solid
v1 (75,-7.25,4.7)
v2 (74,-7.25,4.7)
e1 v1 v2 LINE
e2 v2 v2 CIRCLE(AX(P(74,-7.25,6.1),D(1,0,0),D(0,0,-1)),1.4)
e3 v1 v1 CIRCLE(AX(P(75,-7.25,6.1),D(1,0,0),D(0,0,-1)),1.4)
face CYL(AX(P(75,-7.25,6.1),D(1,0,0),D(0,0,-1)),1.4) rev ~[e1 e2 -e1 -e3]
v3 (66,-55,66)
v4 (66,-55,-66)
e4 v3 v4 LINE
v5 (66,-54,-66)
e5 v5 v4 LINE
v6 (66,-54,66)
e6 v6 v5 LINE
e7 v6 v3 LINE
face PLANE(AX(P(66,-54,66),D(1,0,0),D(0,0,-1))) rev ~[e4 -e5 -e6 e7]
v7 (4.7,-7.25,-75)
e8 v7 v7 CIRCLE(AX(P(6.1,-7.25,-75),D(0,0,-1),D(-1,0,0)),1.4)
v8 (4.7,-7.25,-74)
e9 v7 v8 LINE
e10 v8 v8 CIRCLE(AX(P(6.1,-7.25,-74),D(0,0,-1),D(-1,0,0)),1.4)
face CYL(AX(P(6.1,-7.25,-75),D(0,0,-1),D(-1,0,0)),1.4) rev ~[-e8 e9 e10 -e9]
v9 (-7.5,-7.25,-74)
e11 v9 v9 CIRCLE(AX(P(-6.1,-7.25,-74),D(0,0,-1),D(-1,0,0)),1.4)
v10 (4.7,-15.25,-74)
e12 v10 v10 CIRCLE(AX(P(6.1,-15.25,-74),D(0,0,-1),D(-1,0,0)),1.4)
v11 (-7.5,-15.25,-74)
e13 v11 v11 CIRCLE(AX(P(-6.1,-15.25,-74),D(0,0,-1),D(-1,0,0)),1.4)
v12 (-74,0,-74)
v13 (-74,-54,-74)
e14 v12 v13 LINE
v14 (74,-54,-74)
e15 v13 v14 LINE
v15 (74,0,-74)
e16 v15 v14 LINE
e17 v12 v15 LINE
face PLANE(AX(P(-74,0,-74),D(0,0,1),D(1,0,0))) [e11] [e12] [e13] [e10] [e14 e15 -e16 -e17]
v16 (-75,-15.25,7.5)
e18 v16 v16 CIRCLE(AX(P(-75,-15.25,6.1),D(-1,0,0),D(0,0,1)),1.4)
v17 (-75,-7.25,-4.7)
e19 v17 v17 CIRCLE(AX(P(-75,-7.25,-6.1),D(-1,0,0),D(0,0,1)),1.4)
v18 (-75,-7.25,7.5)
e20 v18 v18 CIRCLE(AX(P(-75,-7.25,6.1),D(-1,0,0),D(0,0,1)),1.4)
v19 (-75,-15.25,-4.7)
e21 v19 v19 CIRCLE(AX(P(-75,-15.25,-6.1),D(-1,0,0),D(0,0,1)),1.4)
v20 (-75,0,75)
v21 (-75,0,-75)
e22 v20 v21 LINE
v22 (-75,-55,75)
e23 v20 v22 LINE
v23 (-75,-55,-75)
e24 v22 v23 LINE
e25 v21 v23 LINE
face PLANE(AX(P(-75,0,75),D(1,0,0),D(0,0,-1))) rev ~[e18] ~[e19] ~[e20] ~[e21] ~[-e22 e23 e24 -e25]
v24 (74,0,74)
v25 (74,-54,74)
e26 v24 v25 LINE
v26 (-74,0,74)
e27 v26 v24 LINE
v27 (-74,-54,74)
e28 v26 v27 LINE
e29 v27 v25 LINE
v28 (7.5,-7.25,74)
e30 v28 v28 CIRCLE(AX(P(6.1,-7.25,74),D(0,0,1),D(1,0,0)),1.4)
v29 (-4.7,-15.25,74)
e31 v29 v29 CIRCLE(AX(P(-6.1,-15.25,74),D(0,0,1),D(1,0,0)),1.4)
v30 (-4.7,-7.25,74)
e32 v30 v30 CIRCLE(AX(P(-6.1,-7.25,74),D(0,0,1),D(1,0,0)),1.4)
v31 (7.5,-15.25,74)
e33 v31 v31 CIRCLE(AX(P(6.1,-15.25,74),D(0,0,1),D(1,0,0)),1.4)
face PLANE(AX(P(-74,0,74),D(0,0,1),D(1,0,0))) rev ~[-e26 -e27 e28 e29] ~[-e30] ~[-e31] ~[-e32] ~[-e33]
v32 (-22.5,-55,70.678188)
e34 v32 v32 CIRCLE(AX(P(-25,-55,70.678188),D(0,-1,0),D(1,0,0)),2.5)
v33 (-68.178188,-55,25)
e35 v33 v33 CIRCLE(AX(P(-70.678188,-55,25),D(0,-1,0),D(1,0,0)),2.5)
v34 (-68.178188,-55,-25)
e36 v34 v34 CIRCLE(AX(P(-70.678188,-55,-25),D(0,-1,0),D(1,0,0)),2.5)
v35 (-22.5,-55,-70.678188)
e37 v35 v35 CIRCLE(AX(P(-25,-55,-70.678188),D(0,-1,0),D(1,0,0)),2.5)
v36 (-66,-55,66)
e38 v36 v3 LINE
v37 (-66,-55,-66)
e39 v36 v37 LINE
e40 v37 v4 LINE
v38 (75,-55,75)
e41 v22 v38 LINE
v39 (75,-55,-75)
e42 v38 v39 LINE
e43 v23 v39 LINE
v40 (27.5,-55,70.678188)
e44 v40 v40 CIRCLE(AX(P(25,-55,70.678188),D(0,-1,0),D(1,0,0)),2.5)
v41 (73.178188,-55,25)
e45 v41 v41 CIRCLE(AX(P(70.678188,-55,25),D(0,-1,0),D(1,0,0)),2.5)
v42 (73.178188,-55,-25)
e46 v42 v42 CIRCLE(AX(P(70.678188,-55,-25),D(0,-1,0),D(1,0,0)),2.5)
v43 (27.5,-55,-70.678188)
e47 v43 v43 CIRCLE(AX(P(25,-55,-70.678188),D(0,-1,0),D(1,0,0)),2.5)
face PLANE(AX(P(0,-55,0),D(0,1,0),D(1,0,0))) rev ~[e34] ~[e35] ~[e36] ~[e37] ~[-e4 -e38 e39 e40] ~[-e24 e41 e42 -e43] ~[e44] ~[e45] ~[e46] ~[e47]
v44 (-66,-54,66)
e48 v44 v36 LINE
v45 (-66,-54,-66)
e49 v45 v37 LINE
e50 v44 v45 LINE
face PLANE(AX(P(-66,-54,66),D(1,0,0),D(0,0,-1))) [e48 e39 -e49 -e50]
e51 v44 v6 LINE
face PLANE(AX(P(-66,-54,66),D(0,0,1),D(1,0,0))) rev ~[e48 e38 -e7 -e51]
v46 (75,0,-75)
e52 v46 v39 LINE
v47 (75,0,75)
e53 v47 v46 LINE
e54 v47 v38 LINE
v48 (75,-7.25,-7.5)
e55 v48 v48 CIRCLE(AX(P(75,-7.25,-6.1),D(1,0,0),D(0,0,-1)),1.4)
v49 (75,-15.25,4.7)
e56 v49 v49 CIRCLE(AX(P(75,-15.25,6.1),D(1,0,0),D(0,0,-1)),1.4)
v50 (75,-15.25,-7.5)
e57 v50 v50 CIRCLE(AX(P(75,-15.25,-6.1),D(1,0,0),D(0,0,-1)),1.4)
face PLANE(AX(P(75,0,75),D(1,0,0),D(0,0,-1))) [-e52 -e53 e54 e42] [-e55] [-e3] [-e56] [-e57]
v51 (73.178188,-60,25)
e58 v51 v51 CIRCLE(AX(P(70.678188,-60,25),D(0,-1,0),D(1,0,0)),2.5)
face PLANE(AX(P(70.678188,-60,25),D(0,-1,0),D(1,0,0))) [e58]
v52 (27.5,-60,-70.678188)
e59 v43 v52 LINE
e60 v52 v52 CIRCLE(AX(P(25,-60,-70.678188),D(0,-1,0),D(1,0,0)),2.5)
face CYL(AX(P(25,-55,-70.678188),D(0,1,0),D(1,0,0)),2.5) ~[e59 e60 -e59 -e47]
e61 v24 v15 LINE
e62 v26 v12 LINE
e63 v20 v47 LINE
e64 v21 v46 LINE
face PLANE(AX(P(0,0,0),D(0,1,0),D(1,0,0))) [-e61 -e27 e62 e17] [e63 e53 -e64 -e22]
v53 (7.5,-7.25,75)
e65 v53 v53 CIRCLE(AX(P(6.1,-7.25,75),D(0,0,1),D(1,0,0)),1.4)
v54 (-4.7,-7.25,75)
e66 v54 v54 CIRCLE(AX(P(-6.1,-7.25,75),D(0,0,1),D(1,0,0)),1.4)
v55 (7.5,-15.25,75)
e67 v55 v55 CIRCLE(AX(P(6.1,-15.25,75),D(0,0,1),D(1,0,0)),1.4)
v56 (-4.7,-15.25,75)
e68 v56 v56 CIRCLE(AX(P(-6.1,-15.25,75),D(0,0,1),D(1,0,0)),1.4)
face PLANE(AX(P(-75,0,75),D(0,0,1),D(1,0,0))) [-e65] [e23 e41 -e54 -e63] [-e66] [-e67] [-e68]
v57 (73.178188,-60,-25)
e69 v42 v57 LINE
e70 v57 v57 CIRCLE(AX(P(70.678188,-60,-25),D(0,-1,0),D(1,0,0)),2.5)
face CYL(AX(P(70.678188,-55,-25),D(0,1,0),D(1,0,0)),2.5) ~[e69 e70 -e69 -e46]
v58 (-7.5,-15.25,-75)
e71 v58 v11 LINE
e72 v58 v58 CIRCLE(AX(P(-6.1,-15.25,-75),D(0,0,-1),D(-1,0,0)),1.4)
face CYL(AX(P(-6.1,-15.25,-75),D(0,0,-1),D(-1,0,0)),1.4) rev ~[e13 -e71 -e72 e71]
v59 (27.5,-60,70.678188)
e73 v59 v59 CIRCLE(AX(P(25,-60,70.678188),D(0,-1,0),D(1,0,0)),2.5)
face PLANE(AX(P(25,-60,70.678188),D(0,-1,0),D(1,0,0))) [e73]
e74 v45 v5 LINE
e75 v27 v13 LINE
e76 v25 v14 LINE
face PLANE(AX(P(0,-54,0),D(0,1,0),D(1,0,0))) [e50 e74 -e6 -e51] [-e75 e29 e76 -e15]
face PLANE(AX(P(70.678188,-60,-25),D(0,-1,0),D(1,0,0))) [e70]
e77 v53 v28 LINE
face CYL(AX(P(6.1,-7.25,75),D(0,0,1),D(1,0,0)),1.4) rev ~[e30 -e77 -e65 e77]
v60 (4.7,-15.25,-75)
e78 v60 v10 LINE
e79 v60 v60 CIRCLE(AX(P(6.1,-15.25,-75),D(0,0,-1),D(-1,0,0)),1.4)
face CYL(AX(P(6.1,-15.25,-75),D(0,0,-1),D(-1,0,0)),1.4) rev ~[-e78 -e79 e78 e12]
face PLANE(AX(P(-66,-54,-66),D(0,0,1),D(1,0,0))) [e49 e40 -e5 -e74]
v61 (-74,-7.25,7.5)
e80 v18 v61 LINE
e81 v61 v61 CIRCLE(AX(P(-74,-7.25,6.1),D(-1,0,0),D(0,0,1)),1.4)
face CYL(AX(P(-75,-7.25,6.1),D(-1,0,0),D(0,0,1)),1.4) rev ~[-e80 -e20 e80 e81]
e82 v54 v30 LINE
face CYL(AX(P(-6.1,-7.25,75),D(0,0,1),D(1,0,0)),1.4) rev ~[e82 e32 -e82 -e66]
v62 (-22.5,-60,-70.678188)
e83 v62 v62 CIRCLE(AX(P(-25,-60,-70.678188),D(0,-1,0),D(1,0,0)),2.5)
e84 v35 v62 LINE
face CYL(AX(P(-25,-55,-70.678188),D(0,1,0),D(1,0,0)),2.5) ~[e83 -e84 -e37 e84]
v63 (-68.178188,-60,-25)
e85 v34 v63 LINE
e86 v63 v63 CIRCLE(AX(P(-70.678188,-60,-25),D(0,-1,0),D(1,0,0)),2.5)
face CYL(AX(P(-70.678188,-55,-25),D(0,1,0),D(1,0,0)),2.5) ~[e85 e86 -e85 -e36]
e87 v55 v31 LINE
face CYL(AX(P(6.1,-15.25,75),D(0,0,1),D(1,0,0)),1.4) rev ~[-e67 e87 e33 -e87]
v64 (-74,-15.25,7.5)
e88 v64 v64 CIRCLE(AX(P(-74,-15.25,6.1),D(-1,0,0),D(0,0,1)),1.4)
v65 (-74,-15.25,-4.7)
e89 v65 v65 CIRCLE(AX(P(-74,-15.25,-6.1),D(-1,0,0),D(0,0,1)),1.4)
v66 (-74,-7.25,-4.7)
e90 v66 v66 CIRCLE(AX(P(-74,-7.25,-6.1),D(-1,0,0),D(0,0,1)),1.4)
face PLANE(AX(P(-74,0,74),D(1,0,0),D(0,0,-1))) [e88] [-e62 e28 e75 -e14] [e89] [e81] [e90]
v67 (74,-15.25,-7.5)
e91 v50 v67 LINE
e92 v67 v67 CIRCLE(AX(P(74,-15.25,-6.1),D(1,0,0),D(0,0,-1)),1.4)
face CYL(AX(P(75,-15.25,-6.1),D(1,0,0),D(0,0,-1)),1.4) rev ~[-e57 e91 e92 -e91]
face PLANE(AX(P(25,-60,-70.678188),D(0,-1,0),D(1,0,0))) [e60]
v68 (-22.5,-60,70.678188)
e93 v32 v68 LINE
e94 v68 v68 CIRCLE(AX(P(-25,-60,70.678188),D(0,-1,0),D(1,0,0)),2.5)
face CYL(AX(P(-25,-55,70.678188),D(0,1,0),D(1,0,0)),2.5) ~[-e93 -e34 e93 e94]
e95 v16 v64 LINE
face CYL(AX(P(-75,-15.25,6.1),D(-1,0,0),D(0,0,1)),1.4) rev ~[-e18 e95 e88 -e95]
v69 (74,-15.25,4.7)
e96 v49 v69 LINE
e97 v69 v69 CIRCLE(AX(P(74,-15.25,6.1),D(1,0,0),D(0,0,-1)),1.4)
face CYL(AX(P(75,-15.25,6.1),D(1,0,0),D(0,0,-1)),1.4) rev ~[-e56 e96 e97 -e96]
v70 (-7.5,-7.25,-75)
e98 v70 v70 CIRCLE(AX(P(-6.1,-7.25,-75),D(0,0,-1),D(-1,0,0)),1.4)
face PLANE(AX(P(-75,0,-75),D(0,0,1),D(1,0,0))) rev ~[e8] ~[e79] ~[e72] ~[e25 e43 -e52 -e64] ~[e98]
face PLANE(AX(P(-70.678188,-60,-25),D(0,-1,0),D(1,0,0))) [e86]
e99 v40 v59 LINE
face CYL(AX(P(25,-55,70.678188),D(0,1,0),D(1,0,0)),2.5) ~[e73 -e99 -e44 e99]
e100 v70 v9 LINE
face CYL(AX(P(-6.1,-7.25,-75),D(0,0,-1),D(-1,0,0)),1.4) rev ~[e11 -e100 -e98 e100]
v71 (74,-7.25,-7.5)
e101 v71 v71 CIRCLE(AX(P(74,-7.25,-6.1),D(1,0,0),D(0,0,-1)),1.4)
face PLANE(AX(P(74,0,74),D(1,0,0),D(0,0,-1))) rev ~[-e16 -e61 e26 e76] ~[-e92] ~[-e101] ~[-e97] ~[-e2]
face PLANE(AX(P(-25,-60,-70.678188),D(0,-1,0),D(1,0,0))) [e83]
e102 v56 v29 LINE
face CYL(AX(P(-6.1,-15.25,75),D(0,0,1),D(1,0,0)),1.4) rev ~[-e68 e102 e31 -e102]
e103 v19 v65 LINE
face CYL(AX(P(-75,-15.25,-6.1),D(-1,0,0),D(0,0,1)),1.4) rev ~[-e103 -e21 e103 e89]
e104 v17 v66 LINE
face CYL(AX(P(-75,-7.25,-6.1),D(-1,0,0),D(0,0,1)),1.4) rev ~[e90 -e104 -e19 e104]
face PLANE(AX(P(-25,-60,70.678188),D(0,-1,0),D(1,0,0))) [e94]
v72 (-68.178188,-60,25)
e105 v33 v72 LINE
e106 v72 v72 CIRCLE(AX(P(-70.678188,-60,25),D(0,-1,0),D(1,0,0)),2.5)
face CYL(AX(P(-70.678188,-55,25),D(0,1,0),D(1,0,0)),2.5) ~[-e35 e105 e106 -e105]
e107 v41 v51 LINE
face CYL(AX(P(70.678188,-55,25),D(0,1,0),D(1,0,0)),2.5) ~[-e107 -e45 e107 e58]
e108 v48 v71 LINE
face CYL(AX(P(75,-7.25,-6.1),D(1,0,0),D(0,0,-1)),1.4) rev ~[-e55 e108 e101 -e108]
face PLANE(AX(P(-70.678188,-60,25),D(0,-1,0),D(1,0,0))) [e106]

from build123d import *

# Parameters (mm, degrees)
SKETCH1_W           = 150
SKETCH1_H           = 150
BOSS_EXTRUDE1_DEPTH = 55
SKETCH2_W           = 148
SKETCH2_H           = 148
CUT_EXTRUDE1_DEPTH  = 54
SKETCH3_W           = 132
SKETCH3_H           = 132
CUT_EXTRUDE2_DEPTH  = 2
SKETCH6_R           = 2.5
BOSS_EXTRUDE5_DEPTH = 5
SKETCH9_R           = 1.4
CUT_EXTRUDE4_DEPTH  = 10
CIRPATTERN1_COUNT   = 4


with BuildPart() as part:
    # Sketch1 → Boss-Extrude1 (new body)
    with BuildSketch(Plane(origin=(0, 0, 0), x_dir=(1, 0, 0), z_dir=(0, 1, 0))):
        Rectangle(SKETCH1_W, SKETCH1_H)
    extrude(amount=-BOSS_EXTRUDE1_DEPTH)

    # Sketch2 → Cut-Extrude1 (cut)
    with BuildSketch(Plane(origin=(0, 0, 0), x_dir=(1, 0, 0), z_dir=(0, 1, 0))):
        Rectangle(SKETCH2_W, SKETCH2_H)
    extrude(amount=-CUT_EXTRUDE1_DEPTH, mode=Mode.SUBTRACT)

    # Sketch3 → Cut-Extrude2 (cut, through all)
    with BuildSketch(Plane(origin=(0, -54, 0), x_dir=(1, 0, 0), z_dir=(0, 1, 0))):
        Rectangle(SKETCH3_W, SKETCH3_H)
    extrude(amount=-CUT_EXTRUDE2_DEPTH, mode=Mode.SUBTRACT)

    # Sketch6 → Boss-Extrude5 (add)
    with BuildSketch(Plane.XZ.offset(55)):
        with Locations((-70.678187872, -25)):
            Circle(SKETCH6_R)
        with Locations((-70.678187872, 25)):
            Circle(SKETCH6_R)
        with Locations((25, 70.678187872)):
            Circle(SKETCH6_R)
        with Locations((-25, 70.678187872)):
            Circle(SKETCH6_R)
        with Locations((70.678187872, -25)):
            Circle(SKETCH6_R)
        with Locations((70.678187872, 25)):
            Circle(SKETCH6_R)
        with Locations((-25, -70.678187872)):
            Circle(SKETCH6_R)
        with Locations((25, -70.678187872)):
            Circle(SKETCH6_R)
    extrude(amount=BOSS_EXTRUDE5_DEPTH)

    # Sketch9 → Cut-Extrude4 (cut)
    with BuildSketch(Plane.ZY.offset(75)):
        with Locations((-6.1, -7.25)):
            Circle(SKETCH9_R)
        with Locations((6.1, -7.25)):
            Circle(SKETCH9_R)
        with Locations((6.1, -15.25)):
            Circle(SKETCH9_R)
        with Locations((-6.1, -15.25)):
            Circle(SKETCH9_R)
    cut_extrude4 = extrude(amount=-CUT_EXTRUDE4_DEPTH, mode=Mode.SUBTRACT)

    # CirPattern1: Cut-Extrude4 ×4 about axis
    cirpattern1_axis = Axis((0, 0, 0), (0, 1, 0))
    for i in range(1, CIRPATTERN1_COUNT):
        add(cut_extrude4.rotate(cirpattern1_axis, i * 360 / CIRPATTERN1_COUNT), mode=Mode.SUBTRACT)


solid = part.part
